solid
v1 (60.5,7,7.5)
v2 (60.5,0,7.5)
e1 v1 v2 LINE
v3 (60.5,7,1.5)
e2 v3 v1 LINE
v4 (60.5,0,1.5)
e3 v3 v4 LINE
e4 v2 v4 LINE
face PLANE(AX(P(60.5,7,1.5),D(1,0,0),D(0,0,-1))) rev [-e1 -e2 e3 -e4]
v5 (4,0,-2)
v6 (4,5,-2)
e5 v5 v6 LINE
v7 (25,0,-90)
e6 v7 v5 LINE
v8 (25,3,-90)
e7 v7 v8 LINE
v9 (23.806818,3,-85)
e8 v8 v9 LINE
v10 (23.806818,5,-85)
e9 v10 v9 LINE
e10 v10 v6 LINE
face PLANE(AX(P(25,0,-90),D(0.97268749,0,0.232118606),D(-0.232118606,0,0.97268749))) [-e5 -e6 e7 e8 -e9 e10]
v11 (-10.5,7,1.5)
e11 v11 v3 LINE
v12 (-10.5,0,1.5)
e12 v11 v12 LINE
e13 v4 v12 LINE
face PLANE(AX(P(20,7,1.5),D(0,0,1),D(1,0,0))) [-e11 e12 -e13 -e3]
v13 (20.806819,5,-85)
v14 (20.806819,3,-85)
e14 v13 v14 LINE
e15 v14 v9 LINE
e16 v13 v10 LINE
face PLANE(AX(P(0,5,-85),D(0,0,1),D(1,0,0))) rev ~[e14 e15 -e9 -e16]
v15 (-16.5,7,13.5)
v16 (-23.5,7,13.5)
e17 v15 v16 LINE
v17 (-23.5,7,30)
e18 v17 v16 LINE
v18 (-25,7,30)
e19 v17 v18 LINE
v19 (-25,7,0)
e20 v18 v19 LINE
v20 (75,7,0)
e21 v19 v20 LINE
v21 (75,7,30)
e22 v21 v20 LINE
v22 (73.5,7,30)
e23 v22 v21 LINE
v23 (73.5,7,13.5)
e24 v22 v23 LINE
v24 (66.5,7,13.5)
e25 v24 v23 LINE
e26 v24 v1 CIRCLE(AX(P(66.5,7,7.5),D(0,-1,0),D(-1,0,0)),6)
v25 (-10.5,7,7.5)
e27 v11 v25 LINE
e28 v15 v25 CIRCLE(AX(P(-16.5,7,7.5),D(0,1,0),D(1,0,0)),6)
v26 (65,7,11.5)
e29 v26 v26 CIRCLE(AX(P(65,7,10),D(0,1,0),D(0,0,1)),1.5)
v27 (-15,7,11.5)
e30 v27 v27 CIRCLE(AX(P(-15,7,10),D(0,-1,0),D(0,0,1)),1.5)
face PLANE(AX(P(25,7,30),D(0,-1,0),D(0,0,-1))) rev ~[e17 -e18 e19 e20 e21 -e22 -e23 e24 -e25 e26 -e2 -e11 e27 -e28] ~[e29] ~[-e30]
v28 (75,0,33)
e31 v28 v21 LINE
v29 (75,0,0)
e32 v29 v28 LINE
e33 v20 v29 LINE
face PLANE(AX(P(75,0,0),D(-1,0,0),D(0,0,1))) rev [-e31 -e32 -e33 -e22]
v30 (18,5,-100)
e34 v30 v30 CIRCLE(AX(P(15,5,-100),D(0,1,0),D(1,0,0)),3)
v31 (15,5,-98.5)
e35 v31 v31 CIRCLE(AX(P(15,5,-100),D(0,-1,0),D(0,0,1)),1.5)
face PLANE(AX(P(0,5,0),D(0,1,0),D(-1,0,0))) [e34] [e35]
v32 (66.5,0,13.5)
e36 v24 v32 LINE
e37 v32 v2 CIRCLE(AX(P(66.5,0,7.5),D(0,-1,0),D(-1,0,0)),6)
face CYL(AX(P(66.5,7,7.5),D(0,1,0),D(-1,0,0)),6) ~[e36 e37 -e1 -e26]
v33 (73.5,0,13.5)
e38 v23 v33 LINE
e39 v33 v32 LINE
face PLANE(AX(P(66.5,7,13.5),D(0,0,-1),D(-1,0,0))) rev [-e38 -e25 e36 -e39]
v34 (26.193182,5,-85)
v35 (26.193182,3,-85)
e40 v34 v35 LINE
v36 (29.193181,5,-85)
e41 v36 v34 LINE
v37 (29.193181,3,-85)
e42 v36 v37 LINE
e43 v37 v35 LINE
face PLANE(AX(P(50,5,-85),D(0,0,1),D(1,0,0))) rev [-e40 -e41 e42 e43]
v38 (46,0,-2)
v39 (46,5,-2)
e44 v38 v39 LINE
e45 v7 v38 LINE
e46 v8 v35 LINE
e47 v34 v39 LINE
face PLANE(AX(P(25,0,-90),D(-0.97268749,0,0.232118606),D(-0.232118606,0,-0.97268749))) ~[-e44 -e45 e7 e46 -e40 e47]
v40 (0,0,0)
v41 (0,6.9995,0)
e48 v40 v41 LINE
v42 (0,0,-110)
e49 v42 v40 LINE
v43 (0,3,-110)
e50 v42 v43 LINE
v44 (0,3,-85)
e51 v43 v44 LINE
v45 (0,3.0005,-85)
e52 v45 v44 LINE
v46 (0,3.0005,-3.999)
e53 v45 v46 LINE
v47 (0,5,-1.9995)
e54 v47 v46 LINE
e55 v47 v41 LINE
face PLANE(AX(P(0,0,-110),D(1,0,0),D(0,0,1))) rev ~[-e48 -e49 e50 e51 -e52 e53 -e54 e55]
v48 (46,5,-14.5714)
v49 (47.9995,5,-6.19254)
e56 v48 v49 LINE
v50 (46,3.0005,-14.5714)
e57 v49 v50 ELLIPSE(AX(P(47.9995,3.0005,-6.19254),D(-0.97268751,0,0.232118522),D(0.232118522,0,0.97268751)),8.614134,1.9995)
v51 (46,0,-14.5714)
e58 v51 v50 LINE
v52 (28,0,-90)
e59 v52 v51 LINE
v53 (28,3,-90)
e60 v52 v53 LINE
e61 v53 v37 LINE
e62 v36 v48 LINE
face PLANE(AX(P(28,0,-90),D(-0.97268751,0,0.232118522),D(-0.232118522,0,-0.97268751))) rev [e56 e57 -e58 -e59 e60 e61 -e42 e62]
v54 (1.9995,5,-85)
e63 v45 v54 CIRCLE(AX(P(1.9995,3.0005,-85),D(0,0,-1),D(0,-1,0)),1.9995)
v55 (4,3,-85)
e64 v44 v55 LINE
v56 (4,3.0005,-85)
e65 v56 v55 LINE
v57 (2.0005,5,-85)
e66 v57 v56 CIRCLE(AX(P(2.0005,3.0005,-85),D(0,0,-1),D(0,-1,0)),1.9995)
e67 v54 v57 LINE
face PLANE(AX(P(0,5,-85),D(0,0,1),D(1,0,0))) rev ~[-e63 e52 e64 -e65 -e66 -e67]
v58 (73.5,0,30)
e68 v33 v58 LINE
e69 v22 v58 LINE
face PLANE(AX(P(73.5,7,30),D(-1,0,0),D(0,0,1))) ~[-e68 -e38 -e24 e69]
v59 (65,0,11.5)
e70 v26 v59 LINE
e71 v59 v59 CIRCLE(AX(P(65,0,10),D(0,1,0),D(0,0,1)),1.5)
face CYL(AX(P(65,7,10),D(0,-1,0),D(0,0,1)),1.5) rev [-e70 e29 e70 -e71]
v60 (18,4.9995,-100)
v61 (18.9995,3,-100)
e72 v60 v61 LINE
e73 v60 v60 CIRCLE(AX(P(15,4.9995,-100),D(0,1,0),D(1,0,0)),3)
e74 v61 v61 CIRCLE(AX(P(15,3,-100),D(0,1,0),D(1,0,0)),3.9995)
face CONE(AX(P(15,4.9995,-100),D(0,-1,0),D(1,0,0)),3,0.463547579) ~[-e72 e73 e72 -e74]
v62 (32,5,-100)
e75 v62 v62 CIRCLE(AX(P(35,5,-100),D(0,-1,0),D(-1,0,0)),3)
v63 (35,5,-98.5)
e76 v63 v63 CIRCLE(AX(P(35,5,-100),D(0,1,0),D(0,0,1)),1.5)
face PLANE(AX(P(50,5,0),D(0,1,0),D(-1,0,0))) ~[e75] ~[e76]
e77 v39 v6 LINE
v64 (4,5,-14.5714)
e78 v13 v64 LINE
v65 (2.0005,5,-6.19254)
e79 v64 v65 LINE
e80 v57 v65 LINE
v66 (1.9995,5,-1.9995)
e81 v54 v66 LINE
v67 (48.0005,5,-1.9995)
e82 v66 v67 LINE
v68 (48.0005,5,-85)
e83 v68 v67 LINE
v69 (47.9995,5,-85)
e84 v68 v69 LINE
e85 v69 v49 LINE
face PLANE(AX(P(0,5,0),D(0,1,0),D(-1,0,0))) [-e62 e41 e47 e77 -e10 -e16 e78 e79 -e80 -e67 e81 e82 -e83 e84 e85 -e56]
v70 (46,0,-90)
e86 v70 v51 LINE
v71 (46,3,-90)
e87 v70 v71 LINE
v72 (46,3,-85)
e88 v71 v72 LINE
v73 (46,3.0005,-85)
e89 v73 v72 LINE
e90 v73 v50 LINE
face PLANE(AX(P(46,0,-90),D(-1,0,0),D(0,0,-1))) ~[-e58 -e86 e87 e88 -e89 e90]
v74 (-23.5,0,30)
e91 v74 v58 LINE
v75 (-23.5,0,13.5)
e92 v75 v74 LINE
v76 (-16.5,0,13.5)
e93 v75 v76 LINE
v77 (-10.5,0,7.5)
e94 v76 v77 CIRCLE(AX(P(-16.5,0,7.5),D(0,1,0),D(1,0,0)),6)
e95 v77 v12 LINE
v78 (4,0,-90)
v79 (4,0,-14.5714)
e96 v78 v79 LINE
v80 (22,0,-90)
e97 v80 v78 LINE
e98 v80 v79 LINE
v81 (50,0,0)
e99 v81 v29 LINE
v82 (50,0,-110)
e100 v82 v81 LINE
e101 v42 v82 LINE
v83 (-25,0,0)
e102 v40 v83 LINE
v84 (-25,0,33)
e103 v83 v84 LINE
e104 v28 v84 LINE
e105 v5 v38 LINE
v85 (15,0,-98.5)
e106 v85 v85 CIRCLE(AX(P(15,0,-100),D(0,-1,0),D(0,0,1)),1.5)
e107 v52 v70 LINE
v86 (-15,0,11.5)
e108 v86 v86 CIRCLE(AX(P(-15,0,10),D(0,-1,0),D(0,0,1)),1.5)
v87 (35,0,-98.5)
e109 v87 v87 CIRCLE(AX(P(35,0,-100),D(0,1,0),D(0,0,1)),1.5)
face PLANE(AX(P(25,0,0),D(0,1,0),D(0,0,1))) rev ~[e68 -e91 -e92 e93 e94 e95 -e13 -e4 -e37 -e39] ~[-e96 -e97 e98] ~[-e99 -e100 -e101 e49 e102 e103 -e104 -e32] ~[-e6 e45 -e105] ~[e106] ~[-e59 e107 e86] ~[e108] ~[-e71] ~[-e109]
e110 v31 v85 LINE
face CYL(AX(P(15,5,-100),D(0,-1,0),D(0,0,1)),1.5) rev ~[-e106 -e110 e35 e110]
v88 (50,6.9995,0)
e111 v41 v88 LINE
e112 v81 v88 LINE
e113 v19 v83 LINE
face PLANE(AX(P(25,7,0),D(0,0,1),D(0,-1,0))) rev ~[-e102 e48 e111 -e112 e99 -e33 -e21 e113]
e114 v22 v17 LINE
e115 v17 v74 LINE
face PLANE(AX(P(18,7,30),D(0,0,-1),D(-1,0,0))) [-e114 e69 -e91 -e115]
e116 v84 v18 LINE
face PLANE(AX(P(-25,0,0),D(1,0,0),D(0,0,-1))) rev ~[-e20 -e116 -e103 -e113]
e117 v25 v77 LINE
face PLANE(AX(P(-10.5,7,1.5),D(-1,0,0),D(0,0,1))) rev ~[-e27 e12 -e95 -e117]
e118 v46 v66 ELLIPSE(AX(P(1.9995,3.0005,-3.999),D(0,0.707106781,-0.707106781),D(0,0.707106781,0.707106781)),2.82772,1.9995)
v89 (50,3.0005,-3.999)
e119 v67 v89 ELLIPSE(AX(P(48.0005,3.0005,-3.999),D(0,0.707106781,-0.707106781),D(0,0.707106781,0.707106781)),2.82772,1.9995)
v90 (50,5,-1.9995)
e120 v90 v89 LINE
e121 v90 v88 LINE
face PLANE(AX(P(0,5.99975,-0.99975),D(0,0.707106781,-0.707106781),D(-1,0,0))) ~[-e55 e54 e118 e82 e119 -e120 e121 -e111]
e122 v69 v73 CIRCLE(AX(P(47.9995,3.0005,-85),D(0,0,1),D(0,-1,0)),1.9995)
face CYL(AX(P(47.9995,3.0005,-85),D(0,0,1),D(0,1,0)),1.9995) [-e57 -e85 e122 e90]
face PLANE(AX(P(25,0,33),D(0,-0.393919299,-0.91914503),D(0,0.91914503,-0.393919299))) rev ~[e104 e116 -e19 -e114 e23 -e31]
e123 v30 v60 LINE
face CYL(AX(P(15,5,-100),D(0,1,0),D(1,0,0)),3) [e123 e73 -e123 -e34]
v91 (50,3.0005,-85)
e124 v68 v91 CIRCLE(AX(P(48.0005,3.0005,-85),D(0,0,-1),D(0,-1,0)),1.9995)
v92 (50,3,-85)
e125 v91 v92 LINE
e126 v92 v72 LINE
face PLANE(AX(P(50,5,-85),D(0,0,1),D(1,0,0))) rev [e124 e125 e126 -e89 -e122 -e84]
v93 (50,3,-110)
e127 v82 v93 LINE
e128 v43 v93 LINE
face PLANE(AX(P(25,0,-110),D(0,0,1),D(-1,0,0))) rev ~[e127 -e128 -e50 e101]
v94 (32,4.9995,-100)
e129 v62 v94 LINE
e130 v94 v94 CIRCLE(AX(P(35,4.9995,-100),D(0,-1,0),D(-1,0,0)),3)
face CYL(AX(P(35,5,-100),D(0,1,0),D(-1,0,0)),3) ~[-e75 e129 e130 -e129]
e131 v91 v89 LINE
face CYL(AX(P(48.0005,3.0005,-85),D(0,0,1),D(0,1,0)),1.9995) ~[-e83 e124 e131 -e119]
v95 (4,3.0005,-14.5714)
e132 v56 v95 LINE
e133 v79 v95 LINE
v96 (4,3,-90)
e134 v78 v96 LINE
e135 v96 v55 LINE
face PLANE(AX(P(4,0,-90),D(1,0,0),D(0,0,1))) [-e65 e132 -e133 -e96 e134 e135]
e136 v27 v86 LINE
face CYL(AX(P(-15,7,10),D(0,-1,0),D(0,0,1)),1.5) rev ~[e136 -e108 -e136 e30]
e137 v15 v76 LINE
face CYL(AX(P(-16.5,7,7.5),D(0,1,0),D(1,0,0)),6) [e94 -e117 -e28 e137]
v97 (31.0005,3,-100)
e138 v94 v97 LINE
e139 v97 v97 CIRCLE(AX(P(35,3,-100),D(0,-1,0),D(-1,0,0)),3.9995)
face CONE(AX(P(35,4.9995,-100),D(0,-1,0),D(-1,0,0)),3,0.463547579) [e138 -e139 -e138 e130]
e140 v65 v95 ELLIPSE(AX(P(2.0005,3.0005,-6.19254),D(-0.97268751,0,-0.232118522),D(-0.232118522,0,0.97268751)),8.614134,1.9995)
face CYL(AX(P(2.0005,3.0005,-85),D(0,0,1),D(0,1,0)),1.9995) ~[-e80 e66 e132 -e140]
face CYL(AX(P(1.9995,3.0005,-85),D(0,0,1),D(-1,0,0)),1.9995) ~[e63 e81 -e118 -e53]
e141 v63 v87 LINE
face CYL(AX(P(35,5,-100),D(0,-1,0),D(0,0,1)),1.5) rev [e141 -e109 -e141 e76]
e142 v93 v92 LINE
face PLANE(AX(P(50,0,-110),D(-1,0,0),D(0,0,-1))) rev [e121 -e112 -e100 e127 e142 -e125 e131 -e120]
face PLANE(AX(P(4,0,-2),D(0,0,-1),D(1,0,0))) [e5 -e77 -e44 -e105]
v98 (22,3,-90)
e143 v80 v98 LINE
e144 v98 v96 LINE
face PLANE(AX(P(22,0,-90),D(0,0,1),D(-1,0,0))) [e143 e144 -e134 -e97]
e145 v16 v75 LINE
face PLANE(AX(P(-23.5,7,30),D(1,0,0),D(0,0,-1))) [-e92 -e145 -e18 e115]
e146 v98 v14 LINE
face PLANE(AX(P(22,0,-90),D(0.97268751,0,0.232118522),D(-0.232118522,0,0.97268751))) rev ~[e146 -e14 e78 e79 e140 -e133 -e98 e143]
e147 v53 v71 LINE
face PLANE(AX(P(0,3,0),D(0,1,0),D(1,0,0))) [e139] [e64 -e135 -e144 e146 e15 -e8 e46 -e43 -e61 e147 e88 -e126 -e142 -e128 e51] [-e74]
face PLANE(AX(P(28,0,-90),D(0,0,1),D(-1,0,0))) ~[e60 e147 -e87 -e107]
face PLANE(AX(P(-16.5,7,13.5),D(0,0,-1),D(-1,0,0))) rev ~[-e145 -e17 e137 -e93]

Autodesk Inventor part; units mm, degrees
ref_plane "YZ Plane" through (0, 0, 0) normal (1, 0, 0) x (0, 1, 0)
ref_plane "XZ Plane" through (0, 0, 0) normal (0, 1, 0) x (-1, 0, 0)
sketch "Szkic1" plane through (0, 0, 0) normal (0, 1, 0) x (-1, 0, 0)
  line L0 (0, 0) -> (-25, 0)
  line L1 (-25, 0) -> (-25, -110)
  line L2 (-25, -110) -> (0, -110)
  line L3 (0, -110) -> (0, 0)
  line L4 (-4, -2) -> (-25, -2)
  line L5 (-25, -2) -> (-25, -90)
  line L6 (-25, -90) -> (-4, -90)
  line L7 (-4, -90) -> (-4, -2)
  line L8 (-25, -90) -> (-4, -2)
  line L9 (-22, -90) -> (-4, -14.5714)
  line L10 (-4, -14.5714) -> (-4, -2)
  line L11 (-25, -90) -> (-22, -90)
  dimension "d0" = 25
  dimension "d1" = 110
  dimension "d2" = 4
  dimension "d3" = 20
  dimension "d4" = 2
  dimension "d7" = 3
extrude "Wyciągnięcie proste2" add sketch "Szkic1" along normal blind 5 contours L3 L2 L1 L6 L7 L4 L0 | L8 L7 L9 L6
sketch "Szkic2" plane through (25, 0, 0) normal (1, 0, 0) x (0, 0, -1)
  line L0 (0, 0) -> (-33, 0)
  line L1 (-33, 0) -> (-33, 7)
  line L2 (-33, 7) -> (0, 7)
  line L3 (0, 7) -> (0, 0)
  line L4 (-33, 0) -> (-30, 7)
  dimension "d10" = 33
  dimension "d11" = 7
  dimension "d12" = 30
extrude "Wyciągnięcie proste3" add sketch "Szkic2" against normal blind 50 contours L0 L4 L2 L3
sketch "Szkic3" plane through (25, 7, 30) normal (0, 1, 0) x (1, 0, 0)
  line L0 (0, 0) -> (-50, 0) projected
  line L1 (0, 0) -> (-48.5, 0)
  line L2 (-48.5, 0) -> (-48.5, 28.5)
  line L3 (-48.5, 28.5) -> (0, 28.5)
  line L4 (-50, 0) -> (-50, 30) projected
  line L5 (-48.5, 28.5) -> (-41.5, 28.5)
  line L6 (-41.5, 28.5) -> (-41.5, 16.5)
  line L7 (-41.5, 16.5) -> (-48.5, 16.5)
  line L8 (-48.5, 16.5) -> (-48.5, 28.5)
  circle A0 centre (-41.5, 22.5) radius 6
  line L9 (-35.5, 22.5) -> (-41.5, 22.5)
  line L10 (-41.5, 22.5) -> (-41.5, 28.5)
  line L11 (-41.5, 28.5) -> (-35.5, 28.5)
  line L12 (-35.5, 28.5) -> (-35.5, 22.5)
  line L13 (0, 30) -> (-50, 30) projected
  line L14 (0, 30) -> (0, 0) projected
  line L15 (-19, 28.5) -> (-7, 28.5) construction
  line L16 (-22.5355, 28.5) -> (-19, 28.5)
  line L17 (-7, 28.5) -> (-5, 28.5)
  line L18 (-7, 0) -> (-5, 0)
  point P0 (-25, 30)
  dimension "d16" = 1.5
  dimension "d19" = 13
  dimension "d20" = 12
  dimension "d66" = 1.5
extrude "Wyciągnięcie proste4" cut sketch "Szkic3" against normal up to next contours L0 L2 L7 A0 L12 L3 L14
sketch "Szkic5" plane through (0, 5, 0) normal (0, 1, 0) x (1, 0, 0)
  line L0 (25, 90) -> (25, 110) projected
  line L1 (0, 110) -> (0, 0) projected
  line L2 (25, 110) -> (0, 110)
  line L3 (0, 110) -> (0, 85)
  line L4 (0, 85) -> (25, 85)
  line L5 (25, 85) -> (25, 110)
  circle A0 centre (15, 100) radius 3
  dimension "d30" = 25
  dimension "d31" = 6
  dimension "d32" = 10
  dimension "d33" = 10
extrude "Wyciągnięcie proste6" cut sketch "Szkic5" against normal blind 2
chamfer "Faza2" distance 2 distance2 1 1 edges at (12, 3, -100) measured on face at (17.3983, 3.6667, -98.1978)
chamfer "Faza3" distance 2 angle 45 1 edges at (12.5, 5, 0)
sketch "Szkic6" plane through (15, 5, -100) normal (0, 1, 0) x (1, 0, 0)
  point P0 (-15, -100)
  point P1 (0, 0)
hole "Otwór1" at (15, 5, -100) direction (0, -1, 0) diameter 3 end through all
sketch "Szkic7" plane through (-25, 7, 30) normal (0, 1, 0) x (1, 0, 0)
  line L0 (14.5, 28.5) -> (14.5, 22.5) construction
  line L1 (14.5, 28.5) -> (14.5, 20) construction
  line L2 (14.5, 20) -> (1.5, 20) construction
  line L3 (1.5, 16.5) -> (1.5, 0) construction
  line L4 (1.5, 20) -> (1.5, 16.5) construction
  line L5 (1.5, 20) -> (10, 20) construction
  point P0 (25, 30)
  point P1 (14.5, 22.5)
  point P2 (12.5, 27.5)
  dimension "d49" = 8.5
  dimension "d50" = 8.5
hole "Otwór2" at (-15, 7, 10) direction (0, -1, 0) diameter 3 end through all
ref_plane "Płaszczyzna konstrukcyjna1" through (25, 3, -48.75) normal (1, 0, 0) x (0, 0, 1)
mirror "Odbij1" about plane through (25, 3, -48.75) normal (1, 0, 0)
fillet "Fillet1" radius 2 4 edges at (4, 5, -49.7857) (0, 5, -43.4998) (46, 5, -49.7857) (50, 5, -43.4998)
properties part number "lf20cm"
